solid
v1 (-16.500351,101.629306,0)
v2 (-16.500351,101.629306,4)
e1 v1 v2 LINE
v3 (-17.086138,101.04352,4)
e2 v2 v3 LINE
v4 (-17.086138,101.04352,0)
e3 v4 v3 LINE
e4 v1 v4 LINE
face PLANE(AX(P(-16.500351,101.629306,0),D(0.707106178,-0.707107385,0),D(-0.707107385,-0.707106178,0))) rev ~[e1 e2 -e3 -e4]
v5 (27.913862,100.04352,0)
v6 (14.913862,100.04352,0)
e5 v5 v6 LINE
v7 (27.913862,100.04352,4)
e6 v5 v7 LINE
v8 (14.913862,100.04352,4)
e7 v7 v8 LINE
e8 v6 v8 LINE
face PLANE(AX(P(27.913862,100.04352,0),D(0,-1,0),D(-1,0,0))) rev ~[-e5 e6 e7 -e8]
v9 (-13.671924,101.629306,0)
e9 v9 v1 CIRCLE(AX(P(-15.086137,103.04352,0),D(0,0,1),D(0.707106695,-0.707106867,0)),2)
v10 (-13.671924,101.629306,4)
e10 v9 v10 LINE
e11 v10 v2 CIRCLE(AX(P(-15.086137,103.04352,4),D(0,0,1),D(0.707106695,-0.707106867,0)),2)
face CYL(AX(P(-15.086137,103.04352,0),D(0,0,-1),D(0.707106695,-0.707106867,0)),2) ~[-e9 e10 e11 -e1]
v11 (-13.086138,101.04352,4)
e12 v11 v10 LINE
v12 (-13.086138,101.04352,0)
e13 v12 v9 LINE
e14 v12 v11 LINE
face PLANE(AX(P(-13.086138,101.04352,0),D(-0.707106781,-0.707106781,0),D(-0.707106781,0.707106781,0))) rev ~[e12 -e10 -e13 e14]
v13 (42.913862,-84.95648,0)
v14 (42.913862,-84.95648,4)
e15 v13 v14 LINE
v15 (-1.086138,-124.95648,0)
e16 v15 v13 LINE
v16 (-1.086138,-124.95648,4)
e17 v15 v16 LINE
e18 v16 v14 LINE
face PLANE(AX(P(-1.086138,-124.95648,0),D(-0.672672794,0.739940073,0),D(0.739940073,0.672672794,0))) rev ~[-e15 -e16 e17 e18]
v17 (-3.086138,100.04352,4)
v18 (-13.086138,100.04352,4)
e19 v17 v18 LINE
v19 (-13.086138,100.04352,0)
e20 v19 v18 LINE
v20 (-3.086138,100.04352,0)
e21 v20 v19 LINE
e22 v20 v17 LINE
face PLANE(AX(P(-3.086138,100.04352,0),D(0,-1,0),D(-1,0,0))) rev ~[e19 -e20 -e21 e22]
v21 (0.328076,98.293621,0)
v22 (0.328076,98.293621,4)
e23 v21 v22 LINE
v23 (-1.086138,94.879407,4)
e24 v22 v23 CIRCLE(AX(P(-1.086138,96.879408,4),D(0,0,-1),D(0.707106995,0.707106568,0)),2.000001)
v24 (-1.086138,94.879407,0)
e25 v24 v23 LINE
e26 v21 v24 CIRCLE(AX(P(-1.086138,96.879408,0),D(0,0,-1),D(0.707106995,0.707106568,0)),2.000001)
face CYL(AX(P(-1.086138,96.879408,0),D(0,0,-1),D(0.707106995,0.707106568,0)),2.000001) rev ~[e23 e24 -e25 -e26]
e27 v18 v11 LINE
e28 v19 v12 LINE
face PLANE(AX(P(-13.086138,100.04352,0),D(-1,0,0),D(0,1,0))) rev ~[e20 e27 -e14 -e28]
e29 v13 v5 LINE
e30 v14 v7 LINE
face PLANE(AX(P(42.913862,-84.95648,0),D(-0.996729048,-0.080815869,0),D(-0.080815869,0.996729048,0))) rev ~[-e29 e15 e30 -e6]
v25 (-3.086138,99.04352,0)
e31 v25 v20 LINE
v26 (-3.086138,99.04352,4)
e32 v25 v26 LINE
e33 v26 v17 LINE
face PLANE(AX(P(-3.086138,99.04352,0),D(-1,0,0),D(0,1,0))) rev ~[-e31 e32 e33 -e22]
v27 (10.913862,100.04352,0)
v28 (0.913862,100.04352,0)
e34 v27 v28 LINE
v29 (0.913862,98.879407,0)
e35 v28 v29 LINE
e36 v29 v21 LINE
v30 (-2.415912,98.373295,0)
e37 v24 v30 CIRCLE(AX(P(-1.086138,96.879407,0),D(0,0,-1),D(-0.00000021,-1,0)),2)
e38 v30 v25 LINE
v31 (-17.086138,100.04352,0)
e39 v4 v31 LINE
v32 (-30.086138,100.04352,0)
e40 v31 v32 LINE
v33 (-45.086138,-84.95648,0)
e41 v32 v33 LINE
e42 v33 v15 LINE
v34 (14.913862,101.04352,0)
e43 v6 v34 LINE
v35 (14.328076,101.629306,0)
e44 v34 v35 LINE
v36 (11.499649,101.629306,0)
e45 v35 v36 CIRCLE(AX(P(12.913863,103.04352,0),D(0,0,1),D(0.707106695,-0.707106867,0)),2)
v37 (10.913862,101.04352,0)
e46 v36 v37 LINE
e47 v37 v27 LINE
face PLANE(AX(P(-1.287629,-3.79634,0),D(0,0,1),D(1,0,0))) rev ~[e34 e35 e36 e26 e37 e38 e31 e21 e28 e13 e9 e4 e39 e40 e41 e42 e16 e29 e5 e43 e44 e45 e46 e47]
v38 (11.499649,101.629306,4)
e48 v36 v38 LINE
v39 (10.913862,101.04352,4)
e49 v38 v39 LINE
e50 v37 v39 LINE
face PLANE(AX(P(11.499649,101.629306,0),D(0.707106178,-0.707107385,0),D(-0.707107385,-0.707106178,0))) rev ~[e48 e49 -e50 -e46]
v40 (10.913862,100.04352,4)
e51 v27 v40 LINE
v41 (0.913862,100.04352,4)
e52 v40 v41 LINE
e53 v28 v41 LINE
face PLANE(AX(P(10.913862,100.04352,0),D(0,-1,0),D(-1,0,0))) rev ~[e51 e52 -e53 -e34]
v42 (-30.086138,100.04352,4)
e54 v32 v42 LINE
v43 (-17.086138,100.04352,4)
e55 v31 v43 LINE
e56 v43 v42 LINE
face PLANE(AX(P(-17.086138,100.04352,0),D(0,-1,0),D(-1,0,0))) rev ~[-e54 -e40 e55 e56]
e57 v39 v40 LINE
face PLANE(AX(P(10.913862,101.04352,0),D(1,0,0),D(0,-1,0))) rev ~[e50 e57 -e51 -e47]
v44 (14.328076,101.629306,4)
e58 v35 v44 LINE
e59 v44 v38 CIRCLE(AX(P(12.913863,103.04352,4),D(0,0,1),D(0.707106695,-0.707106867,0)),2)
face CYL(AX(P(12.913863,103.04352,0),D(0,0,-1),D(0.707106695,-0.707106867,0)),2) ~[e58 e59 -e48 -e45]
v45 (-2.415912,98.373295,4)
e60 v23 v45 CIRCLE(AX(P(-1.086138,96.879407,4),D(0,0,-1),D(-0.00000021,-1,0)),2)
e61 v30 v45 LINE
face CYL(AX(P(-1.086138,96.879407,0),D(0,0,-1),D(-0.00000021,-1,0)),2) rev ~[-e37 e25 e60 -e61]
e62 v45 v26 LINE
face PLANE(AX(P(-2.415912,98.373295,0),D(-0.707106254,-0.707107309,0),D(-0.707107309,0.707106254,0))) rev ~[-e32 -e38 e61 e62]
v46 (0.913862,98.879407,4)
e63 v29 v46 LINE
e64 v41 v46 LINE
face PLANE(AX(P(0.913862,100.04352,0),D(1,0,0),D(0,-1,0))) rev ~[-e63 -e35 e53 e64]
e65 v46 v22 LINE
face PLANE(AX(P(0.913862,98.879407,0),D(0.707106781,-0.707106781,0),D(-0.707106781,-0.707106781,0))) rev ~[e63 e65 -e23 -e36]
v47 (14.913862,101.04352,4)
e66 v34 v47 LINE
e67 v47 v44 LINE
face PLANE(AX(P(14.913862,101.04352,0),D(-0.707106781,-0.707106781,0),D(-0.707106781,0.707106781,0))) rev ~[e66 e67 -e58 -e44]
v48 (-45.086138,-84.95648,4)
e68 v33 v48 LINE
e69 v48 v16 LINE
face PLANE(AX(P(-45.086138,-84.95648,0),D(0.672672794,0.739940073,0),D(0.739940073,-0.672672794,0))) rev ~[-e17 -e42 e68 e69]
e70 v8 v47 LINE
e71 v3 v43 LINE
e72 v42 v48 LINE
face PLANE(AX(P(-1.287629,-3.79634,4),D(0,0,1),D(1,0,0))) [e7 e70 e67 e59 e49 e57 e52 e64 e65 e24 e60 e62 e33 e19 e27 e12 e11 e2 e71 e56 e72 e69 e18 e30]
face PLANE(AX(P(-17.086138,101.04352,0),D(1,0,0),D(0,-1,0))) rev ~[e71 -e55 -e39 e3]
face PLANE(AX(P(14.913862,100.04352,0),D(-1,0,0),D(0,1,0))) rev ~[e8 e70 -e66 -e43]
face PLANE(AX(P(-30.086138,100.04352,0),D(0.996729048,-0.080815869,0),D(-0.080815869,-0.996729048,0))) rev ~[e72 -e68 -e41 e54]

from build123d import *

# Parameters (mm, degrees)
F1_DEPTH = 4


with BuildPart() as f1:
    # F0 (on Top) → F1 (new body)
    with BuildSketch(Plane.XY):
        with BuildLine():
            Line((10.913862, 100.04352), (0.913862, 100.04352))
            Line((0.913862, 100.04352), (0.913862, 98.879407))
            Line((0.913862, 98.879407), (0.328076, 98.293621))
            ThreePointArc((0.328076, 98.293621), (0.761621, 96.11404), (-1.086138, 94.879407))
            ThreePointArc((-1.086138, 94.879407), (-2.955332, 96.167991), (-2.415912, 98.373295))
            Line((-2.415912, 98.373295), (-3.086138, 99.04352))
            Line((-3.086138, 99.04352), (-3.086138, 100.04352))
            Line((-3.086138, 100.04352), (-13.086138, 100.04352))
            Line((-13.086138, 100.04352), (-13.086138, 101.04352))
            Line((-13.086138, 101.04352), (-13.671924, 101.629306))
            ThreePointArc((-13.671924, 101.629306), (-15.086138, 105.04352), (-16.500351, 101.629306))
            Line((-16.500351, 101.629306), (-17.086138, 101.04352))
            Line((-17.086138, 101.04352), (-17.086138, 100.04352))
            Line((-17.086138, 100.04352), (-30.086138, 100.04352))
            Line((-30.086138, 100.04352), (-45.086138, -84.95648))
            Line((-45.086138, -84.95648), (-1.086138, -124.95648))
            Line((-1.086138, -124.95648), (42.913862, -84.95648))
            Line((42.913862, -84.95648), (27.913862, 100.04352))
            Line((27.913862, 100.04352), (14.913862, 100.04352))
            Line((14.913862, 100.04352), (10.913862, 100.04352))
        make_face()
        with BuildLine():
            Line((10.913862, 101.04352), (10.913862, 100.04352))
            Line((10.913862, 100.04352), (14.913862, 100.04352))
            Line((14.913862, 100.04352), (14.913862, 101.04352))
            Line((14.913862, 101.04352), (14.328076, 101.629306))
            ThreePointArc((14.328076, 101.629306), (12.913862, 105.04352), (11.499649, 101.629306))
            Line((11.499649, 101.629306), (10.913862, 101.04352))
        make_face()
    extrude(amount=F1_DEPTH)


solid = f1.part
